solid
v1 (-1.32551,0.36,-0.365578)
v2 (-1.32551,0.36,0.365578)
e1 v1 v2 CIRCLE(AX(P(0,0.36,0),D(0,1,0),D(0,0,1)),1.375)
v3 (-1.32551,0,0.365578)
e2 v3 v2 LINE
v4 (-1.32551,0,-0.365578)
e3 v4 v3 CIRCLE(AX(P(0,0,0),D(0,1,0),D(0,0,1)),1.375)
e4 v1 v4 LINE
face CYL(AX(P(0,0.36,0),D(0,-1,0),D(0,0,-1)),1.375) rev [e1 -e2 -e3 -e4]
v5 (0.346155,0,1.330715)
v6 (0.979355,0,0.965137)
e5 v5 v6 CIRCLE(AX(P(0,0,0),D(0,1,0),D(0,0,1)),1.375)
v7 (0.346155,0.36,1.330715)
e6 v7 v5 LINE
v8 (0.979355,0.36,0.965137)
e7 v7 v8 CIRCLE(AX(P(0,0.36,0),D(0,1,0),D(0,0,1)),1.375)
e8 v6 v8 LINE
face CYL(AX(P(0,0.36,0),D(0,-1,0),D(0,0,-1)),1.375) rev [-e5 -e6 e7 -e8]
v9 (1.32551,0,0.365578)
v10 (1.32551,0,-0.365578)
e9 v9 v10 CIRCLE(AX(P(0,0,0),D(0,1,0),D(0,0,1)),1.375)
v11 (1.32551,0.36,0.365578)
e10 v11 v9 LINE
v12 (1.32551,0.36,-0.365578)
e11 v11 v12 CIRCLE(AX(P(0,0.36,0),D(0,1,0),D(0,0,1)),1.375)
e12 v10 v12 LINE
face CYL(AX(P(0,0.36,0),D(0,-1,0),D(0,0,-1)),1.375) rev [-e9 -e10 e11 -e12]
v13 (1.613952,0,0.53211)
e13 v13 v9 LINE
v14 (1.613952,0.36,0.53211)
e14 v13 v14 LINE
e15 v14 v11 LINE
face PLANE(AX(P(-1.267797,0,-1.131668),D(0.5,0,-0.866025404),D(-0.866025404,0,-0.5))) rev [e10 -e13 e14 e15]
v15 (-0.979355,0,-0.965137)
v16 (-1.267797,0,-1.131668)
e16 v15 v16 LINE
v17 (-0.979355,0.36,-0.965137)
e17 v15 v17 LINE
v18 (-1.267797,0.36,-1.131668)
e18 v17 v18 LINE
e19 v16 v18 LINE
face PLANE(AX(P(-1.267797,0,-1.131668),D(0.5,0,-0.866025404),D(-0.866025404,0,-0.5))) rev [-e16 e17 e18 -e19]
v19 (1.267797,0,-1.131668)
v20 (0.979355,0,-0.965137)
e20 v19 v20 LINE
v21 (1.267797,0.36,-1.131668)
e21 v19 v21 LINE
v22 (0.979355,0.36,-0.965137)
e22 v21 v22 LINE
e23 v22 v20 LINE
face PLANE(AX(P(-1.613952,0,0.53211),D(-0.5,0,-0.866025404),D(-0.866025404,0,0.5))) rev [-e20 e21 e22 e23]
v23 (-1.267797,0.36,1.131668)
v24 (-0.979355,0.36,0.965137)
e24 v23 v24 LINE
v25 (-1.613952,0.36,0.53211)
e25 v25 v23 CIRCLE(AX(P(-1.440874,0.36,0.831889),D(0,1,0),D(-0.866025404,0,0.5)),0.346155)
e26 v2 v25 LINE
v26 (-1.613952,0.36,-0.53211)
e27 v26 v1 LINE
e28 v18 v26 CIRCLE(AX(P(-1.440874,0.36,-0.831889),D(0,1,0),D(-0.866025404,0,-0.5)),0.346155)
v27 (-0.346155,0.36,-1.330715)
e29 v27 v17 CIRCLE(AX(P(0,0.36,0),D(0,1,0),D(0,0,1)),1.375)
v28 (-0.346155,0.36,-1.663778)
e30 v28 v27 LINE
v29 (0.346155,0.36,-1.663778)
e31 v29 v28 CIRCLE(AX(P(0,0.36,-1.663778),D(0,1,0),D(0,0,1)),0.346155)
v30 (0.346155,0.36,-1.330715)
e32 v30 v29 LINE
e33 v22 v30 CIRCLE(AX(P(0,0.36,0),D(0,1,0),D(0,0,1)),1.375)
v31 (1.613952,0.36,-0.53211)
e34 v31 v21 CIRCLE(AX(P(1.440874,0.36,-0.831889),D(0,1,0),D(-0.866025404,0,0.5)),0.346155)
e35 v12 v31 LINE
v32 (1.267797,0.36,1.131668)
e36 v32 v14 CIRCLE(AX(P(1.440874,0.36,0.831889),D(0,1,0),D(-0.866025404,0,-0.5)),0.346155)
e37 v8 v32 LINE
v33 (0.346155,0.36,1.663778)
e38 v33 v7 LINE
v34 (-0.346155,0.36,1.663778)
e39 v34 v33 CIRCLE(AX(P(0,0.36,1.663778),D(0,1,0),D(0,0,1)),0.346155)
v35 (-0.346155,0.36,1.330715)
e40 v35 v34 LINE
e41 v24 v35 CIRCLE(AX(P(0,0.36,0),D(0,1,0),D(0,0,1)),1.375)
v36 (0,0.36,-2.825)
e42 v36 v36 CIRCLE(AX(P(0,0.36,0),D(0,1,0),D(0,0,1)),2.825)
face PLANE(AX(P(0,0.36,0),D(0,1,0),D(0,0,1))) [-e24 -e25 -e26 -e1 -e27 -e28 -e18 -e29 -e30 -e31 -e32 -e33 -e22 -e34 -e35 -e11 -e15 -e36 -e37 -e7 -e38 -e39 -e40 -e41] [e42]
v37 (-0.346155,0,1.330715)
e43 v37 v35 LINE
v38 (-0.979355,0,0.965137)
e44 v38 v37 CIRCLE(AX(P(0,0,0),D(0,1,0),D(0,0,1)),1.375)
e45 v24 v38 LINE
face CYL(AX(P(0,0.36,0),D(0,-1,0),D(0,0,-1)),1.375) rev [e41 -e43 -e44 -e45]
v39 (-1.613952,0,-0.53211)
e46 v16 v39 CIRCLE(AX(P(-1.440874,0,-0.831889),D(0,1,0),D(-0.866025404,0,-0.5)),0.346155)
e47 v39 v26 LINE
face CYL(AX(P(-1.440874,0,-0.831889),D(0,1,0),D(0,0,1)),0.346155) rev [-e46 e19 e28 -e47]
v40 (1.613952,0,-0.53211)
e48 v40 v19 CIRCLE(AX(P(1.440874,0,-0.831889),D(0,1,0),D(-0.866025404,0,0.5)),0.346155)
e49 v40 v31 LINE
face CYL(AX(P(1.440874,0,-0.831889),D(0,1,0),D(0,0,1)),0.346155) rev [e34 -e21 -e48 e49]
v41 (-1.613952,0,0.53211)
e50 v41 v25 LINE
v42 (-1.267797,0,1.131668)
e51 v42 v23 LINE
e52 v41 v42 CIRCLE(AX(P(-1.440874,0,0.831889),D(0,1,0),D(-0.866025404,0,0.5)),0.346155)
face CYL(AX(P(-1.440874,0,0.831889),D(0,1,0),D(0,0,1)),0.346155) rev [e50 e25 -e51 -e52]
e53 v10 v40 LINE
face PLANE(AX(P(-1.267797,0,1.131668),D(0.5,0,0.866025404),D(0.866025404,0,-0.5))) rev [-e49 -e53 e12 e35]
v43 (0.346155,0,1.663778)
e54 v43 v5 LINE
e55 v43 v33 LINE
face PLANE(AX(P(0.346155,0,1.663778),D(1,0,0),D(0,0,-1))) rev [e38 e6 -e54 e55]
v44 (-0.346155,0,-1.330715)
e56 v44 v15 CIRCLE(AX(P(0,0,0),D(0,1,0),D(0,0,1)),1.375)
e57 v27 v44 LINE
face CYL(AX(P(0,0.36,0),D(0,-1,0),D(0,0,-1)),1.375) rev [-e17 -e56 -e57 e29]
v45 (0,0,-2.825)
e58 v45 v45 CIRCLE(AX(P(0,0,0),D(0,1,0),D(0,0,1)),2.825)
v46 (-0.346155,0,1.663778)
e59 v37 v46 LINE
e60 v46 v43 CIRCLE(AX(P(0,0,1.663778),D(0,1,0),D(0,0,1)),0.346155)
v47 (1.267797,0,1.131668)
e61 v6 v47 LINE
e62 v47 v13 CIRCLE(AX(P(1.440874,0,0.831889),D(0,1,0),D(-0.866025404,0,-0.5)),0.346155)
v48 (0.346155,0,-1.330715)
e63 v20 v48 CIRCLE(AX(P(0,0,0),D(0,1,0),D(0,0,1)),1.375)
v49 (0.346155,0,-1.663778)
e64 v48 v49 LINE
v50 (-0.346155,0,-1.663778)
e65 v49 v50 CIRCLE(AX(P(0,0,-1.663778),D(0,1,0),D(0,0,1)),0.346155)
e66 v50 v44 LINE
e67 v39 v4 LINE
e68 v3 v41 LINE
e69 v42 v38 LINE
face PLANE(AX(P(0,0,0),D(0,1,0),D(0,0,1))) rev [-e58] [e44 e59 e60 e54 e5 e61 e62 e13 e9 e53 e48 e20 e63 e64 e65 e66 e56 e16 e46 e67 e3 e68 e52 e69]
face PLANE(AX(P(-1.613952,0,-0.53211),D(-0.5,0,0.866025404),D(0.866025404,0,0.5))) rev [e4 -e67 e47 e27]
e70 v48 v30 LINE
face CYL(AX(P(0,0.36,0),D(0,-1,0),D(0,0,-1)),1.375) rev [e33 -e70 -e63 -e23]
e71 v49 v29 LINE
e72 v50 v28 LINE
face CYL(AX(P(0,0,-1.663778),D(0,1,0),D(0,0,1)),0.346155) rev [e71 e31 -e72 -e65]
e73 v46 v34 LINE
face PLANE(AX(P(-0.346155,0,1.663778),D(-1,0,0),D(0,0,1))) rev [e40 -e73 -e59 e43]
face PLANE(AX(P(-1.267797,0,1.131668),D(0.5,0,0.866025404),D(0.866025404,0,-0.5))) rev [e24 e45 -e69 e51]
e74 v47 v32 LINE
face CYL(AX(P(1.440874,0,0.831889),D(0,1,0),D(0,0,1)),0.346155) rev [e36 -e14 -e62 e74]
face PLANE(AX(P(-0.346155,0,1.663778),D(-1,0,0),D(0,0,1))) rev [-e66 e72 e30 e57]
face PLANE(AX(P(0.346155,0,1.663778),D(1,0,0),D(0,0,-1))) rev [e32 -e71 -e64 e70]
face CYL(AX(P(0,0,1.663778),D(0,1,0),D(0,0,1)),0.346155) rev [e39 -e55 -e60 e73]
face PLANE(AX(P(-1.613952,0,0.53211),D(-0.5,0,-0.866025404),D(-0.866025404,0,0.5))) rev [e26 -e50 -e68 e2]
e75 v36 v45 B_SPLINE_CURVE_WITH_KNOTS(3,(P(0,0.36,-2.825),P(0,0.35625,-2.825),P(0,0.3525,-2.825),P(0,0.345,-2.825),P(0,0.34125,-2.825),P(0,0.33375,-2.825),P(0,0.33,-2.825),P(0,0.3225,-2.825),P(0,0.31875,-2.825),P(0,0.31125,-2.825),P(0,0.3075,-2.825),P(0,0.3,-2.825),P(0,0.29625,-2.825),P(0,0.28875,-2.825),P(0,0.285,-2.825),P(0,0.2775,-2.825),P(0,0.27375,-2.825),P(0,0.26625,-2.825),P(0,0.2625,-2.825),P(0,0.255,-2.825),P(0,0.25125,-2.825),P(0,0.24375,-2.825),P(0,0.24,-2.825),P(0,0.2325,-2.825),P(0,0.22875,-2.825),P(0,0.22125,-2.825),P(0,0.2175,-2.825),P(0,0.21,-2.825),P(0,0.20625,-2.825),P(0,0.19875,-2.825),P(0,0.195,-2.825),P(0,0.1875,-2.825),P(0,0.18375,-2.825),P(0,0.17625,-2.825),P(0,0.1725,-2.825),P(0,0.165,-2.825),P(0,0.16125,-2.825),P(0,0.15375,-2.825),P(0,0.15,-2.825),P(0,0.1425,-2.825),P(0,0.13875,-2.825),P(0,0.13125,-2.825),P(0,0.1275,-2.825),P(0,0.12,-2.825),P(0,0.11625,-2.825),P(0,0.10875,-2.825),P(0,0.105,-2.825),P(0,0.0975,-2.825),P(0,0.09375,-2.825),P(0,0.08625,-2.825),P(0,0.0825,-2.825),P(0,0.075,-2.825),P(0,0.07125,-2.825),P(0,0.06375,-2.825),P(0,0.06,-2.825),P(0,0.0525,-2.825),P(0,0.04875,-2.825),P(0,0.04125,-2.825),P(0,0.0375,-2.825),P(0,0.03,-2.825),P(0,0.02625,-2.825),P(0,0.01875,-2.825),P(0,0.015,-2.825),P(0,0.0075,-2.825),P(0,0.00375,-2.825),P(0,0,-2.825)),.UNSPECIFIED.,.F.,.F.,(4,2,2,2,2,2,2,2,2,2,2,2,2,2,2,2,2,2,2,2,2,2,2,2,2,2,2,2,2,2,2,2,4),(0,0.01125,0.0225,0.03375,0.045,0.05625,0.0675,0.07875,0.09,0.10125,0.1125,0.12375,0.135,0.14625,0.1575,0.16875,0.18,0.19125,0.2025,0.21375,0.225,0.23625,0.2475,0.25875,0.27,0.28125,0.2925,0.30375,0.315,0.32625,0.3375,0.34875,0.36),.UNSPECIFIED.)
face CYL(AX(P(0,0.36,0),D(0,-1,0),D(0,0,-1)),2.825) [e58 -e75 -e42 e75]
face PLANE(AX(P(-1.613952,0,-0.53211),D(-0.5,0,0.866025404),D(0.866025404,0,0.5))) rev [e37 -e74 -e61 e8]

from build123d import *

# Parameters (mm, degrees)
SKETCH1_R           = 2.825
SKETCH1_R_2         = 1.375
BOSS_EXTRUDE1_DEPTH = 0.36
CUT_EXTRUDE1_DEPTH  = 5.011340175
CIRPATTERN1_COUNT   = 3
CIRPATTERN1_ANGLE   = 120


with BuildPart() as part:
    # Sketch1 → Boss-Extrude1 (new body)
    with BuildSketch(Plane(origin=(0, 0, 0), x_dir=(1, 0, 0), z_dir=(0, 1, 0))):
        Circle(SKETCH1_R)
        Circle(SKETCH1_R_2, mode=Mode.SUBTRACT)
    extrude(amount=BOSS_EXTRUDE1_DEPTH)

    # Sketch2 → Cut-Extrude1 (cut, through all)
    with BuildSketch(Plane(origin=(0, 0.36, 0), x_dir=(1, 0, 0), z_dir=(0, 1, 0))):
        with BuildLine():
            Line((-0.346155251, -1.663778464), (-0.346155251, 1.663778464))
            ThreePointArc((-0.346155251, 1.663778464), (0, 2.009933715), (0.346155251, 1.663778464))
            Line((0.346155251, 1.663778464), (0.346155251, -1.663778464))
            ThreePointArc((0.346155251, -1.663778464), (0, -2.009933715), (-0.346155251, -1.663778464))
        make_face()
    cut_extrude1 = extrude(amount=-CUT_EXTRUDE1_DEPTH, mode=Mode.SUBTRACT)

    # CirPattern1: Cut-Extrude1 ×3 about axis
    cirpattern1_axis = Axis((0, 0.36, 0), (0, -1, 0))
    for i in range(1, CIRPATTERN1_COUNT):
        add(cut_extrude1.rotate(cirpattern1_axis, i * CIRPATTERN1_ANGLE / (CIRPATTERN1_COUNT - 1)), mode=Mode.SUBTRACT)


solid = part.part
